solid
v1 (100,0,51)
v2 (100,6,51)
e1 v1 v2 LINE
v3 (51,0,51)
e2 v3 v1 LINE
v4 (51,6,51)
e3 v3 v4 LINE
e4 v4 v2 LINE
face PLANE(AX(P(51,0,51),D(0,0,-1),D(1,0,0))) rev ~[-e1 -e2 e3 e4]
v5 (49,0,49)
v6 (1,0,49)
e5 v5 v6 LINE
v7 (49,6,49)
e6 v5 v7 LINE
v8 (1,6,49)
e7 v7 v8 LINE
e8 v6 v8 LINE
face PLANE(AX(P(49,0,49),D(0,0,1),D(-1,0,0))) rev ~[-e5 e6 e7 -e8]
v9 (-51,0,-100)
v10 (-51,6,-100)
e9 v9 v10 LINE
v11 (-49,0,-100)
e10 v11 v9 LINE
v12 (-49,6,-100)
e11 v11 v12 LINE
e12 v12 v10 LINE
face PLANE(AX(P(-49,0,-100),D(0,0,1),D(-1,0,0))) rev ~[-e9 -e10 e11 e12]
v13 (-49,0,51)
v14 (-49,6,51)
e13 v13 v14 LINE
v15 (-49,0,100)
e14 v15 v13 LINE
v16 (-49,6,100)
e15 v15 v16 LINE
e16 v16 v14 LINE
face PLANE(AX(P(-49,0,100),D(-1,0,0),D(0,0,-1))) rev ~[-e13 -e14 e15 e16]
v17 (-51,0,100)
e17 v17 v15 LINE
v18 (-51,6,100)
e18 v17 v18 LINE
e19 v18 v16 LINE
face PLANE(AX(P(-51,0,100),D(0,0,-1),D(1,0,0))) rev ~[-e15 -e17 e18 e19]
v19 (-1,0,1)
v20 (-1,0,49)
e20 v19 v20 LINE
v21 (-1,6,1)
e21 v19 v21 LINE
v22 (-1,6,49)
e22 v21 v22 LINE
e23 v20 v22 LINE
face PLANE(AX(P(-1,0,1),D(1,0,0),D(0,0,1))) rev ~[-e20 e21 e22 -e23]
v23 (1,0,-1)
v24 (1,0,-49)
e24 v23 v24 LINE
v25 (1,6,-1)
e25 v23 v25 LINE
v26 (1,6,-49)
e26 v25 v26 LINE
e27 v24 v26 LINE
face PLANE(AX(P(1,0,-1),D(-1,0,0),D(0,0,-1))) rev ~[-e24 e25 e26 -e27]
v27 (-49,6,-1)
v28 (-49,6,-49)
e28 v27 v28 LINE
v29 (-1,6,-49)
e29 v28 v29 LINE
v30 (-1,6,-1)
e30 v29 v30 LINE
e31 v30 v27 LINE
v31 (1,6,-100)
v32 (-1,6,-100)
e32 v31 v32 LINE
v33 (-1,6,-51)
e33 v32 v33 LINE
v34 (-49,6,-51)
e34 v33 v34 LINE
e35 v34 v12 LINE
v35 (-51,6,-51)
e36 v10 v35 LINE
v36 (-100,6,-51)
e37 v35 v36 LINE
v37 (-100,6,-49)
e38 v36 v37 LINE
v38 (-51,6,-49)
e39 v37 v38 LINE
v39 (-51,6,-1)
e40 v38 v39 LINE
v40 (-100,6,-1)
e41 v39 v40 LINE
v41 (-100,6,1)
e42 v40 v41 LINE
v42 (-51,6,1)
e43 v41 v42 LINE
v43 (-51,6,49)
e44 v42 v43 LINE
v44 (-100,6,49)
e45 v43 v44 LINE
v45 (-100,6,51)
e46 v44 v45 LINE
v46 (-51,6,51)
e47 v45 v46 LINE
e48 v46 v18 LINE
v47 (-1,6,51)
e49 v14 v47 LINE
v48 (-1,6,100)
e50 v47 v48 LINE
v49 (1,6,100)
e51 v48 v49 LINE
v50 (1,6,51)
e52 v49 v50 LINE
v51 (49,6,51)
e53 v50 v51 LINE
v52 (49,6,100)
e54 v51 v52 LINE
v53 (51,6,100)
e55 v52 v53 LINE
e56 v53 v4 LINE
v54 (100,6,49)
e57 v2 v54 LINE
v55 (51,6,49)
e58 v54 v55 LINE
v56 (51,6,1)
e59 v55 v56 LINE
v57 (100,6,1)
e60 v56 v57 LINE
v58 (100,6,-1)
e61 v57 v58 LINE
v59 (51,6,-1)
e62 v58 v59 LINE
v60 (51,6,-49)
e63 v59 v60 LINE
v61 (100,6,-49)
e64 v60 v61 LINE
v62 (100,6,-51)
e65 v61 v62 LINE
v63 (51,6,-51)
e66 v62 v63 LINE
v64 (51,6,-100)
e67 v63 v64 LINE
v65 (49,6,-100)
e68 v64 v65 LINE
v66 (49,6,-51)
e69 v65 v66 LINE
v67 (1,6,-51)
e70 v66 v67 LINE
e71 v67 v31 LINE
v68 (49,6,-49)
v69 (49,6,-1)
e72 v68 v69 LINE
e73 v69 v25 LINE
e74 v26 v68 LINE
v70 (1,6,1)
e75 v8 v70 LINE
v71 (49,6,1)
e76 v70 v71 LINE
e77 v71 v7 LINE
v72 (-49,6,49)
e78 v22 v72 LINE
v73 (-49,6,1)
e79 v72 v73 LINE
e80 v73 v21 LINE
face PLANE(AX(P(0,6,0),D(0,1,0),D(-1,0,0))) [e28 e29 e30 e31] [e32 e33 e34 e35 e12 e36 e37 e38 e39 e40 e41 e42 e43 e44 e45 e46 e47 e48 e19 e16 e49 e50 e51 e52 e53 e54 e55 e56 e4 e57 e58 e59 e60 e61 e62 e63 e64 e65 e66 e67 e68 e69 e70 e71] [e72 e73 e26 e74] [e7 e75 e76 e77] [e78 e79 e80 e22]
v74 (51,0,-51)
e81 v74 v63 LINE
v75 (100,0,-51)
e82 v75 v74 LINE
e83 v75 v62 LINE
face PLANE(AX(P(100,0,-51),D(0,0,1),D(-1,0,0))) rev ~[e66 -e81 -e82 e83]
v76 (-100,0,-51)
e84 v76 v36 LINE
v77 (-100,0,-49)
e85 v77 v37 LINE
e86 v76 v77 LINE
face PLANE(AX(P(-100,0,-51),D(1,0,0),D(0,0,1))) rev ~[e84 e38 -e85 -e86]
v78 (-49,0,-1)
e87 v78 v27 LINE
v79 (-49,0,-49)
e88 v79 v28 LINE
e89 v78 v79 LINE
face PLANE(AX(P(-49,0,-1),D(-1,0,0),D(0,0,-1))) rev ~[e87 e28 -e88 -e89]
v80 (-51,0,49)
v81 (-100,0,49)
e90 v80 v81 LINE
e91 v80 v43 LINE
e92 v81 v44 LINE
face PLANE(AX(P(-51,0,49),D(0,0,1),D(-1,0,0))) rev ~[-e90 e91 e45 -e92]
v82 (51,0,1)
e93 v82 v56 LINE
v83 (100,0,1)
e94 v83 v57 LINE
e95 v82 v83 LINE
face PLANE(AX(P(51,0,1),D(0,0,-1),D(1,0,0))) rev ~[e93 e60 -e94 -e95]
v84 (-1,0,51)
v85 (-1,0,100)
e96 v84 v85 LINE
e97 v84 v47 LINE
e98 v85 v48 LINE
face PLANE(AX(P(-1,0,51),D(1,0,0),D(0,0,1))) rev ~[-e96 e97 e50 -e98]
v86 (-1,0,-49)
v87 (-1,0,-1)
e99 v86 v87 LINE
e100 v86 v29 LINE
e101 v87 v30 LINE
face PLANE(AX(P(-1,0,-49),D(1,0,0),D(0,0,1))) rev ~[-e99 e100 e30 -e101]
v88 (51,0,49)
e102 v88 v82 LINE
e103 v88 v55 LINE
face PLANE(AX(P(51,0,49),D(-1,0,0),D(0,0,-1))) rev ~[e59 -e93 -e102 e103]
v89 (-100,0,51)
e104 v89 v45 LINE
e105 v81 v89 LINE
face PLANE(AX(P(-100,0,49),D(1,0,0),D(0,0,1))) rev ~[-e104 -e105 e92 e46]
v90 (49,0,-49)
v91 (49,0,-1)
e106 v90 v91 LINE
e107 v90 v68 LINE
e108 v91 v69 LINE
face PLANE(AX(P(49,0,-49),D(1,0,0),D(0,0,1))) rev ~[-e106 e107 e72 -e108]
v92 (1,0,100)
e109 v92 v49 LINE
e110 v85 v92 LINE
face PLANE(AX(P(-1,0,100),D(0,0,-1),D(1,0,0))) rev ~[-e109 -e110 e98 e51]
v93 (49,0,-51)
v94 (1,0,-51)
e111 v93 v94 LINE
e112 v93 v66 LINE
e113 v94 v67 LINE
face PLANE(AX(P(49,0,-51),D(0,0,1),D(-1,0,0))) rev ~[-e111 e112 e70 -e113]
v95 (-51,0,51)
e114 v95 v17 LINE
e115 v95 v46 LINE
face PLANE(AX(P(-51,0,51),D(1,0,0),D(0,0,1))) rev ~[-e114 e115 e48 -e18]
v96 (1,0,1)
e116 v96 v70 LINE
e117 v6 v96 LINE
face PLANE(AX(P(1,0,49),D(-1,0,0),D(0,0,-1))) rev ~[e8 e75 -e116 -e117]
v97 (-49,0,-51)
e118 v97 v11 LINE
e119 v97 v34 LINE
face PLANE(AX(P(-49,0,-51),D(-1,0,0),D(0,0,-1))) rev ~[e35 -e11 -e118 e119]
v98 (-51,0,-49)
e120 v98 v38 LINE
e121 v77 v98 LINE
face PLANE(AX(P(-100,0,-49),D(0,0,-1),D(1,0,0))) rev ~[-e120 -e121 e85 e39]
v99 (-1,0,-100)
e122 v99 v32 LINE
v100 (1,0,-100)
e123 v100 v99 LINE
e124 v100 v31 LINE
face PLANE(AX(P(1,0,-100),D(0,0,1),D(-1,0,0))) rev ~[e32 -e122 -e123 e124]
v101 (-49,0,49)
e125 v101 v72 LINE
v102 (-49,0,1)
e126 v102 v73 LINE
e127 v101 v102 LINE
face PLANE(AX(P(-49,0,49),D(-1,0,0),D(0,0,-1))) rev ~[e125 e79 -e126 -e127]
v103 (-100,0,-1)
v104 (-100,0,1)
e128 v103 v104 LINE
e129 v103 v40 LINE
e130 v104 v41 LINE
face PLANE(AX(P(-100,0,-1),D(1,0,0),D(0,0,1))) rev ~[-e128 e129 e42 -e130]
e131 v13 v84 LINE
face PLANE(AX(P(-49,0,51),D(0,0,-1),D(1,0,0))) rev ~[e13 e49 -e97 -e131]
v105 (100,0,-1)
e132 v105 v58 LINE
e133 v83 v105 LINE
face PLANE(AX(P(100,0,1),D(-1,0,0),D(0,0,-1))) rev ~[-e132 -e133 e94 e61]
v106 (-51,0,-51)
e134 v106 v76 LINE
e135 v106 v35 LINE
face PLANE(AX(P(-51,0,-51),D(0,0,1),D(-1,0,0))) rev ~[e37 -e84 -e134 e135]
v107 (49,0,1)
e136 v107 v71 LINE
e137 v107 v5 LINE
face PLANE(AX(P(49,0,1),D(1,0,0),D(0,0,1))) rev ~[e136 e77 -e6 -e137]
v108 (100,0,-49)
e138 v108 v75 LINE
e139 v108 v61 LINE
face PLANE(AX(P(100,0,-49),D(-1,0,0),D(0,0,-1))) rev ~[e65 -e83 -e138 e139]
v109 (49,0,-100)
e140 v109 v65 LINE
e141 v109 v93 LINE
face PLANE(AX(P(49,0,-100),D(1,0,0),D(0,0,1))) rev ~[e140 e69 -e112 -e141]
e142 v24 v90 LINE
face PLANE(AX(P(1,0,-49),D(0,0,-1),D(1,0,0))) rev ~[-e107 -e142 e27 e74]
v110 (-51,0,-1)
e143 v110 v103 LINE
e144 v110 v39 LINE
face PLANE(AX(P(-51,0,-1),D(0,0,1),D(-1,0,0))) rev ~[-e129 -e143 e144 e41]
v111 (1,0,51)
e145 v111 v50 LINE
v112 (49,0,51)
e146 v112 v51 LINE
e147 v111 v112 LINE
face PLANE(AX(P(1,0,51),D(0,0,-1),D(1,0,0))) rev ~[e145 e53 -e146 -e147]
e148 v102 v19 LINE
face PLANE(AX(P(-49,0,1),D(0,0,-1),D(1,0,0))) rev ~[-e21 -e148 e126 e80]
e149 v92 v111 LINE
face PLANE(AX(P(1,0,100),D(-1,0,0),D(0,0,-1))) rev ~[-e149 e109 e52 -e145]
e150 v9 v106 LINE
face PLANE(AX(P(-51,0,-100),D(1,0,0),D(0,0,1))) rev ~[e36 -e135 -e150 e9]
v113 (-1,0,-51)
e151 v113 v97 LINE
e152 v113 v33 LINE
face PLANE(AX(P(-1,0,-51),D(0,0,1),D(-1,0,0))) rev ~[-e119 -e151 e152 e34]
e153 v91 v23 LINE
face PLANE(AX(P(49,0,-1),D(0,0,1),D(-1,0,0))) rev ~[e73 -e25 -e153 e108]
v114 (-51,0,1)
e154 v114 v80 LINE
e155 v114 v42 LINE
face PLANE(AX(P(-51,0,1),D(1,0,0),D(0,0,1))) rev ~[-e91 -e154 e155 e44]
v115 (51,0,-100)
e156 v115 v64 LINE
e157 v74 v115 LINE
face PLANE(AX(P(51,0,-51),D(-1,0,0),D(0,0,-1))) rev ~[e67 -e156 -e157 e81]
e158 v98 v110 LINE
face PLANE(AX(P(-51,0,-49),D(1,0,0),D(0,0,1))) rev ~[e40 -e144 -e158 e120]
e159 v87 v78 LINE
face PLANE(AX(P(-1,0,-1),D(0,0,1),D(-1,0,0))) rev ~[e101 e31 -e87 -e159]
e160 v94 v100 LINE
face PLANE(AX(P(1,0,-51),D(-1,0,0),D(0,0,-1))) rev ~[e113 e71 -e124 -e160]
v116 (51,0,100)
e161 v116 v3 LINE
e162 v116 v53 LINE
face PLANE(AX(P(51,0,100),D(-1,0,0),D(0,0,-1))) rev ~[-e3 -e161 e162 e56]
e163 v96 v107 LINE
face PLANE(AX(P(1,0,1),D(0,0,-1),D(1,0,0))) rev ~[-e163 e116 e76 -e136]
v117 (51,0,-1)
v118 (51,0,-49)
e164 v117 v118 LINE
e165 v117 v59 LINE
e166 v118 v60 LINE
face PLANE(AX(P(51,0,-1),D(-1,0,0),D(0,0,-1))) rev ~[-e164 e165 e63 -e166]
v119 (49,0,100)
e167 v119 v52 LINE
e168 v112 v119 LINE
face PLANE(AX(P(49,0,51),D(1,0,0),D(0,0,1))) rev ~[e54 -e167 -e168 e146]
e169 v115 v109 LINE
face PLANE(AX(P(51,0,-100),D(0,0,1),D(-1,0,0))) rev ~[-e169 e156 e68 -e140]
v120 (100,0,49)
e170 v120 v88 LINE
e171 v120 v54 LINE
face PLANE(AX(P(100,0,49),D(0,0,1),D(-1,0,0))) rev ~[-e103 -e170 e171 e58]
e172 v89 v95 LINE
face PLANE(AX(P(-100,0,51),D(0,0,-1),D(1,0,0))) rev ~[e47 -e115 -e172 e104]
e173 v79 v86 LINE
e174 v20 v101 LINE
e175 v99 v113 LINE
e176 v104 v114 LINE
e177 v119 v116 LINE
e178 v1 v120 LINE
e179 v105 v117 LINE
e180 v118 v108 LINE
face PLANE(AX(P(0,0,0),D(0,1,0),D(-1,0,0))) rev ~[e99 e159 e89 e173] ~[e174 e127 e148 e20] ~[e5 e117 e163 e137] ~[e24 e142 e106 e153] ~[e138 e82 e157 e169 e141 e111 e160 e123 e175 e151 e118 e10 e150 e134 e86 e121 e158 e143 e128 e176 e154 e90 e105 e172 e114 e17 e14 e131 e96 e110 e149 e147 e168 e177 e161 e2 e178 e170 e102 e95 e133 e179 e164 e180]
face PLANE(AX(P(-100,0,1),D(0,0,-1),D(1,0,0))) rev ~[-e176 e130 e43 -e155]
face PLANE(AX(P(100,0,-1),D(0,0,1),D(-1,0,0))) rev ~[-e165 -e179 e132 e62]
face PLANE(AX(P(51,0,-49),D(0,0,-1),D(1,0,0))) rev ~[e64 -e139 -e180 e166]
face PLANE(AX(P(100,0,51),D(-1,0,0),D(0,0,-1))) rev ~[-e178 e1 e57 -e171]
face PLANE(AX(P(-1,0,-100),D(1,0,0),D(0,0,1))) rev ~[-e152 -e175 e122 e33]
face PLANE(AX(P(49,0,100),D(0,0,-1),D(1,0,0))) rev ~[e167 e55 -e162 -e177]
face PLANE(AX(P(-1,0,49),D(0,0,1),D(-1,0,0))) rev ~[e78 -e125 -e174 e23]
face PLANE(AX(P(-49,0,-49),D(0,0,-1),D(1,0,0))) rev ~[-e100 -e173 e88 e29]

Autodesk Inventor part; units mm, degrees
ref_plane "YZ Plane" through (0, 0, 0) normal (1, 0, 0) x (0, 1, 0)
ref_plane "XZ Plane" through (0, 0, 0) normal (0, 1, 0) x (-1, 0, 0)
ref_plane "XY Plane" through (0, 0, 0) normal (0, 0, 1) x (1, 0, 0)
sketch "Sketch1" plane through (0, 0, 0) normal (0, 1, 0) x (-1, 0, 0)
  line L0 (-100, 100) -> (100, 100) construction
  line L1 (100, 100) -> (100, -100) construction
  line L2 (100, -100) -> (-100, -100) construction
  line L3 (-100, -100) -> (-100, 100) construction
  line L4 (-100, 100) -> (100, -100) construction
  line L5 (100, 100) -> (-100, -100) construction
  line L6 (100, 0) -> (-100, 0) construction
  line L7 (0, 100) -> (0, -100) construction
  line L8 (0, 100) -> (100, 0) construction
  line L9 (100, 50) -> (-100, 50) construction
  line L10 (100, 0) -> (0, -100) construction
  line L11 (100, -50) -> (-100, -50) construction
  line L12 (50, 100) -> (50, -100) construction
  line L13 (-50, 100) -> (-50, -100) construction
  line L14 (0, 100) -> (-100, 0) construction
  line L15 (100, 51) -> (-100, 51)
  line L16 (-100, 51) -> (-100, 49)
  line L17 (-100, 49) -> (100, 49)
  line L18 (100, 49) -> (100, 51)
  line L19 (100, 1) -> (-100, 1)
  line L20 (-100, 1) -> (-100, -1)
  line L21 (-100, -1) -> (100, -1)
  line L22 (100, -1) -> (100, 1)
  line L23 (100, -49) -> (-100, -49)
  line L24 (-100, -49) -> (-100, -51)
  line L25 (-100, -51) -> (100, -51)
  line L26 (100, -51) -> (100, -49)
  line L27 (51, 100) -> (49, 100)
  line L28 (49, 100) -> (49, -100)
  line L29 (49, -100) -> (51, -100)
  line L30 (51, -100) -> (51, 100)
  line L31 (1, 100) -> (-1, 100)
  line L32 (-1, 100) -> (-1, -100)
  line L33 (-1, -100) -> (1, -100)
  line L34 (1, -100) -> (1, 100)
  line L35 (-49, 100) -> (-51, 100)
  line L36 (-51, 100) -> (-51, -100)
  line L37 (-51, -100) -> (-49, -100)
  line L38 (-49, -100) -> (-49, 100)
  point P0 (0, 0)
  point P1 (50, 50)
  point P2 (50, -50)
  point P3 (-50, 50)
  point P4 (51, 49)
  point P5 (51, 51)
  point P6 (49, 51)
  point P7 (1, 51)
  point P8 (-1, 51)
  point P9 (-49, 51)
  point P10 (-51, 51)
  point P11 (-51, 49)
  point P12 (-51, 1)
  point P13 (-51, -1)
  point P14 (-51, -49)
  point P15 (-51, -51)
  point P16 (-49, -51)
  point P17 (-1, -51)
  point P18 (1, -51)
  point P19 (49, -51)
  point P20 (51, -51)
  point P21 (51, -49)
  point P22 (51, -1)
  point P23 (51, 1)
  point P24 (49, -1)
  point P25 (49, -49)
  point P26 (1, -49)
  point P27 (1, -1)
  point P28 (-1, -49)
  point P29 (-49, -49)
  point P30 (-49, -1)
  point P31 (-1, -1)
  point P32 (-1, 1)
  point P33 (-49, 1)
  point P34 (-49, 49)
  point P35 (-1, 49)
  point P36 (49, 49)
  point P37 (49, 1)
  point P38 (1, 1)
  point P39 (1, 49)
  dimension "d0" = 200
  dimension "d1" = 200
  dimension "d3" = 1
  dimension "d4" = 1
  dimension "d5" = 1
  dimension "d6" = 1
  dimension "d7" = 1
  dimension "d8" = 1
  dimension "d9" = 1
  dimension "d10" = 1
  dimension "d11" = 1
  dimension "d12" = 1
  dimension "d13" = 1
  dimension "d14" = 1
extrude "Extrusion1" add sketch "Sketch1" along normal blind 6 contours L18 L17 L30 L15 | L30 L17 L28 L15 | L15 L28 L27 L30 | L28 L17 L34 L15 | L30 L19 L28 L17 | L34 L17 L32 L15 | L15 L32 L31 L34 | L30 L21 L28 L19 | L19 L22 L21 L30 | L32 L17 L38 L15 | L34 L19 L32 L17 | L28 L21 L34 L19 | L30 L23 L28 L21 | L38 L17 L36 L15 | L15 L36 L35 L38 | L34 L21 L32 L19 | L30 L25 L28 L23 | L23 L26 L25 L30 | L36 L17 L16 L15 | L38 L19 L36 L17 | L32 L21 L38 L19 | L34 L23 L32 L21 | L28 L25 L34 L23 | L30 L29 L28 L25 | L38 L21 L36 L19 | L34 L25 L32 L23 | L36 L21 L20 L19 | L38 L23 L36 L21 | L32 L25 L38 L23 | L34 L33 L32 L25 | L38 L25 L36 L23 | L36 L25 L24 L23 | L38 L37 L36 L25
equation "\"d0\" = chessboard_length"
equation "\"d1\" = chessboard_width"
equation "\"d3\" = 0.5 * square_holder_support_width"
equation "\"d4\" = d3"
equation "\"d5\" = d3"
equation "\"d6\" = d3"
equation "\"d7\" = d3"
equation "\"d8\" = d3"
equation "\"d9\" = d3"
equation "\"d10\" = d3"
equation "\"d11\" = d3"
equation "\"d12\" = d3"
equation "\"d13\" = d3"
equation "\"d14\" = d3"
equation "\"d15\" = square_holder_support_height"
equation "\"square_holder_support_width\" = 2"
equation "\"square_holder_support_height\" = 6"
equation "\"chessboard_length\" = 200"
equation "\"chessboard_width\" = 200"
properties part number "Square Holder Support"
